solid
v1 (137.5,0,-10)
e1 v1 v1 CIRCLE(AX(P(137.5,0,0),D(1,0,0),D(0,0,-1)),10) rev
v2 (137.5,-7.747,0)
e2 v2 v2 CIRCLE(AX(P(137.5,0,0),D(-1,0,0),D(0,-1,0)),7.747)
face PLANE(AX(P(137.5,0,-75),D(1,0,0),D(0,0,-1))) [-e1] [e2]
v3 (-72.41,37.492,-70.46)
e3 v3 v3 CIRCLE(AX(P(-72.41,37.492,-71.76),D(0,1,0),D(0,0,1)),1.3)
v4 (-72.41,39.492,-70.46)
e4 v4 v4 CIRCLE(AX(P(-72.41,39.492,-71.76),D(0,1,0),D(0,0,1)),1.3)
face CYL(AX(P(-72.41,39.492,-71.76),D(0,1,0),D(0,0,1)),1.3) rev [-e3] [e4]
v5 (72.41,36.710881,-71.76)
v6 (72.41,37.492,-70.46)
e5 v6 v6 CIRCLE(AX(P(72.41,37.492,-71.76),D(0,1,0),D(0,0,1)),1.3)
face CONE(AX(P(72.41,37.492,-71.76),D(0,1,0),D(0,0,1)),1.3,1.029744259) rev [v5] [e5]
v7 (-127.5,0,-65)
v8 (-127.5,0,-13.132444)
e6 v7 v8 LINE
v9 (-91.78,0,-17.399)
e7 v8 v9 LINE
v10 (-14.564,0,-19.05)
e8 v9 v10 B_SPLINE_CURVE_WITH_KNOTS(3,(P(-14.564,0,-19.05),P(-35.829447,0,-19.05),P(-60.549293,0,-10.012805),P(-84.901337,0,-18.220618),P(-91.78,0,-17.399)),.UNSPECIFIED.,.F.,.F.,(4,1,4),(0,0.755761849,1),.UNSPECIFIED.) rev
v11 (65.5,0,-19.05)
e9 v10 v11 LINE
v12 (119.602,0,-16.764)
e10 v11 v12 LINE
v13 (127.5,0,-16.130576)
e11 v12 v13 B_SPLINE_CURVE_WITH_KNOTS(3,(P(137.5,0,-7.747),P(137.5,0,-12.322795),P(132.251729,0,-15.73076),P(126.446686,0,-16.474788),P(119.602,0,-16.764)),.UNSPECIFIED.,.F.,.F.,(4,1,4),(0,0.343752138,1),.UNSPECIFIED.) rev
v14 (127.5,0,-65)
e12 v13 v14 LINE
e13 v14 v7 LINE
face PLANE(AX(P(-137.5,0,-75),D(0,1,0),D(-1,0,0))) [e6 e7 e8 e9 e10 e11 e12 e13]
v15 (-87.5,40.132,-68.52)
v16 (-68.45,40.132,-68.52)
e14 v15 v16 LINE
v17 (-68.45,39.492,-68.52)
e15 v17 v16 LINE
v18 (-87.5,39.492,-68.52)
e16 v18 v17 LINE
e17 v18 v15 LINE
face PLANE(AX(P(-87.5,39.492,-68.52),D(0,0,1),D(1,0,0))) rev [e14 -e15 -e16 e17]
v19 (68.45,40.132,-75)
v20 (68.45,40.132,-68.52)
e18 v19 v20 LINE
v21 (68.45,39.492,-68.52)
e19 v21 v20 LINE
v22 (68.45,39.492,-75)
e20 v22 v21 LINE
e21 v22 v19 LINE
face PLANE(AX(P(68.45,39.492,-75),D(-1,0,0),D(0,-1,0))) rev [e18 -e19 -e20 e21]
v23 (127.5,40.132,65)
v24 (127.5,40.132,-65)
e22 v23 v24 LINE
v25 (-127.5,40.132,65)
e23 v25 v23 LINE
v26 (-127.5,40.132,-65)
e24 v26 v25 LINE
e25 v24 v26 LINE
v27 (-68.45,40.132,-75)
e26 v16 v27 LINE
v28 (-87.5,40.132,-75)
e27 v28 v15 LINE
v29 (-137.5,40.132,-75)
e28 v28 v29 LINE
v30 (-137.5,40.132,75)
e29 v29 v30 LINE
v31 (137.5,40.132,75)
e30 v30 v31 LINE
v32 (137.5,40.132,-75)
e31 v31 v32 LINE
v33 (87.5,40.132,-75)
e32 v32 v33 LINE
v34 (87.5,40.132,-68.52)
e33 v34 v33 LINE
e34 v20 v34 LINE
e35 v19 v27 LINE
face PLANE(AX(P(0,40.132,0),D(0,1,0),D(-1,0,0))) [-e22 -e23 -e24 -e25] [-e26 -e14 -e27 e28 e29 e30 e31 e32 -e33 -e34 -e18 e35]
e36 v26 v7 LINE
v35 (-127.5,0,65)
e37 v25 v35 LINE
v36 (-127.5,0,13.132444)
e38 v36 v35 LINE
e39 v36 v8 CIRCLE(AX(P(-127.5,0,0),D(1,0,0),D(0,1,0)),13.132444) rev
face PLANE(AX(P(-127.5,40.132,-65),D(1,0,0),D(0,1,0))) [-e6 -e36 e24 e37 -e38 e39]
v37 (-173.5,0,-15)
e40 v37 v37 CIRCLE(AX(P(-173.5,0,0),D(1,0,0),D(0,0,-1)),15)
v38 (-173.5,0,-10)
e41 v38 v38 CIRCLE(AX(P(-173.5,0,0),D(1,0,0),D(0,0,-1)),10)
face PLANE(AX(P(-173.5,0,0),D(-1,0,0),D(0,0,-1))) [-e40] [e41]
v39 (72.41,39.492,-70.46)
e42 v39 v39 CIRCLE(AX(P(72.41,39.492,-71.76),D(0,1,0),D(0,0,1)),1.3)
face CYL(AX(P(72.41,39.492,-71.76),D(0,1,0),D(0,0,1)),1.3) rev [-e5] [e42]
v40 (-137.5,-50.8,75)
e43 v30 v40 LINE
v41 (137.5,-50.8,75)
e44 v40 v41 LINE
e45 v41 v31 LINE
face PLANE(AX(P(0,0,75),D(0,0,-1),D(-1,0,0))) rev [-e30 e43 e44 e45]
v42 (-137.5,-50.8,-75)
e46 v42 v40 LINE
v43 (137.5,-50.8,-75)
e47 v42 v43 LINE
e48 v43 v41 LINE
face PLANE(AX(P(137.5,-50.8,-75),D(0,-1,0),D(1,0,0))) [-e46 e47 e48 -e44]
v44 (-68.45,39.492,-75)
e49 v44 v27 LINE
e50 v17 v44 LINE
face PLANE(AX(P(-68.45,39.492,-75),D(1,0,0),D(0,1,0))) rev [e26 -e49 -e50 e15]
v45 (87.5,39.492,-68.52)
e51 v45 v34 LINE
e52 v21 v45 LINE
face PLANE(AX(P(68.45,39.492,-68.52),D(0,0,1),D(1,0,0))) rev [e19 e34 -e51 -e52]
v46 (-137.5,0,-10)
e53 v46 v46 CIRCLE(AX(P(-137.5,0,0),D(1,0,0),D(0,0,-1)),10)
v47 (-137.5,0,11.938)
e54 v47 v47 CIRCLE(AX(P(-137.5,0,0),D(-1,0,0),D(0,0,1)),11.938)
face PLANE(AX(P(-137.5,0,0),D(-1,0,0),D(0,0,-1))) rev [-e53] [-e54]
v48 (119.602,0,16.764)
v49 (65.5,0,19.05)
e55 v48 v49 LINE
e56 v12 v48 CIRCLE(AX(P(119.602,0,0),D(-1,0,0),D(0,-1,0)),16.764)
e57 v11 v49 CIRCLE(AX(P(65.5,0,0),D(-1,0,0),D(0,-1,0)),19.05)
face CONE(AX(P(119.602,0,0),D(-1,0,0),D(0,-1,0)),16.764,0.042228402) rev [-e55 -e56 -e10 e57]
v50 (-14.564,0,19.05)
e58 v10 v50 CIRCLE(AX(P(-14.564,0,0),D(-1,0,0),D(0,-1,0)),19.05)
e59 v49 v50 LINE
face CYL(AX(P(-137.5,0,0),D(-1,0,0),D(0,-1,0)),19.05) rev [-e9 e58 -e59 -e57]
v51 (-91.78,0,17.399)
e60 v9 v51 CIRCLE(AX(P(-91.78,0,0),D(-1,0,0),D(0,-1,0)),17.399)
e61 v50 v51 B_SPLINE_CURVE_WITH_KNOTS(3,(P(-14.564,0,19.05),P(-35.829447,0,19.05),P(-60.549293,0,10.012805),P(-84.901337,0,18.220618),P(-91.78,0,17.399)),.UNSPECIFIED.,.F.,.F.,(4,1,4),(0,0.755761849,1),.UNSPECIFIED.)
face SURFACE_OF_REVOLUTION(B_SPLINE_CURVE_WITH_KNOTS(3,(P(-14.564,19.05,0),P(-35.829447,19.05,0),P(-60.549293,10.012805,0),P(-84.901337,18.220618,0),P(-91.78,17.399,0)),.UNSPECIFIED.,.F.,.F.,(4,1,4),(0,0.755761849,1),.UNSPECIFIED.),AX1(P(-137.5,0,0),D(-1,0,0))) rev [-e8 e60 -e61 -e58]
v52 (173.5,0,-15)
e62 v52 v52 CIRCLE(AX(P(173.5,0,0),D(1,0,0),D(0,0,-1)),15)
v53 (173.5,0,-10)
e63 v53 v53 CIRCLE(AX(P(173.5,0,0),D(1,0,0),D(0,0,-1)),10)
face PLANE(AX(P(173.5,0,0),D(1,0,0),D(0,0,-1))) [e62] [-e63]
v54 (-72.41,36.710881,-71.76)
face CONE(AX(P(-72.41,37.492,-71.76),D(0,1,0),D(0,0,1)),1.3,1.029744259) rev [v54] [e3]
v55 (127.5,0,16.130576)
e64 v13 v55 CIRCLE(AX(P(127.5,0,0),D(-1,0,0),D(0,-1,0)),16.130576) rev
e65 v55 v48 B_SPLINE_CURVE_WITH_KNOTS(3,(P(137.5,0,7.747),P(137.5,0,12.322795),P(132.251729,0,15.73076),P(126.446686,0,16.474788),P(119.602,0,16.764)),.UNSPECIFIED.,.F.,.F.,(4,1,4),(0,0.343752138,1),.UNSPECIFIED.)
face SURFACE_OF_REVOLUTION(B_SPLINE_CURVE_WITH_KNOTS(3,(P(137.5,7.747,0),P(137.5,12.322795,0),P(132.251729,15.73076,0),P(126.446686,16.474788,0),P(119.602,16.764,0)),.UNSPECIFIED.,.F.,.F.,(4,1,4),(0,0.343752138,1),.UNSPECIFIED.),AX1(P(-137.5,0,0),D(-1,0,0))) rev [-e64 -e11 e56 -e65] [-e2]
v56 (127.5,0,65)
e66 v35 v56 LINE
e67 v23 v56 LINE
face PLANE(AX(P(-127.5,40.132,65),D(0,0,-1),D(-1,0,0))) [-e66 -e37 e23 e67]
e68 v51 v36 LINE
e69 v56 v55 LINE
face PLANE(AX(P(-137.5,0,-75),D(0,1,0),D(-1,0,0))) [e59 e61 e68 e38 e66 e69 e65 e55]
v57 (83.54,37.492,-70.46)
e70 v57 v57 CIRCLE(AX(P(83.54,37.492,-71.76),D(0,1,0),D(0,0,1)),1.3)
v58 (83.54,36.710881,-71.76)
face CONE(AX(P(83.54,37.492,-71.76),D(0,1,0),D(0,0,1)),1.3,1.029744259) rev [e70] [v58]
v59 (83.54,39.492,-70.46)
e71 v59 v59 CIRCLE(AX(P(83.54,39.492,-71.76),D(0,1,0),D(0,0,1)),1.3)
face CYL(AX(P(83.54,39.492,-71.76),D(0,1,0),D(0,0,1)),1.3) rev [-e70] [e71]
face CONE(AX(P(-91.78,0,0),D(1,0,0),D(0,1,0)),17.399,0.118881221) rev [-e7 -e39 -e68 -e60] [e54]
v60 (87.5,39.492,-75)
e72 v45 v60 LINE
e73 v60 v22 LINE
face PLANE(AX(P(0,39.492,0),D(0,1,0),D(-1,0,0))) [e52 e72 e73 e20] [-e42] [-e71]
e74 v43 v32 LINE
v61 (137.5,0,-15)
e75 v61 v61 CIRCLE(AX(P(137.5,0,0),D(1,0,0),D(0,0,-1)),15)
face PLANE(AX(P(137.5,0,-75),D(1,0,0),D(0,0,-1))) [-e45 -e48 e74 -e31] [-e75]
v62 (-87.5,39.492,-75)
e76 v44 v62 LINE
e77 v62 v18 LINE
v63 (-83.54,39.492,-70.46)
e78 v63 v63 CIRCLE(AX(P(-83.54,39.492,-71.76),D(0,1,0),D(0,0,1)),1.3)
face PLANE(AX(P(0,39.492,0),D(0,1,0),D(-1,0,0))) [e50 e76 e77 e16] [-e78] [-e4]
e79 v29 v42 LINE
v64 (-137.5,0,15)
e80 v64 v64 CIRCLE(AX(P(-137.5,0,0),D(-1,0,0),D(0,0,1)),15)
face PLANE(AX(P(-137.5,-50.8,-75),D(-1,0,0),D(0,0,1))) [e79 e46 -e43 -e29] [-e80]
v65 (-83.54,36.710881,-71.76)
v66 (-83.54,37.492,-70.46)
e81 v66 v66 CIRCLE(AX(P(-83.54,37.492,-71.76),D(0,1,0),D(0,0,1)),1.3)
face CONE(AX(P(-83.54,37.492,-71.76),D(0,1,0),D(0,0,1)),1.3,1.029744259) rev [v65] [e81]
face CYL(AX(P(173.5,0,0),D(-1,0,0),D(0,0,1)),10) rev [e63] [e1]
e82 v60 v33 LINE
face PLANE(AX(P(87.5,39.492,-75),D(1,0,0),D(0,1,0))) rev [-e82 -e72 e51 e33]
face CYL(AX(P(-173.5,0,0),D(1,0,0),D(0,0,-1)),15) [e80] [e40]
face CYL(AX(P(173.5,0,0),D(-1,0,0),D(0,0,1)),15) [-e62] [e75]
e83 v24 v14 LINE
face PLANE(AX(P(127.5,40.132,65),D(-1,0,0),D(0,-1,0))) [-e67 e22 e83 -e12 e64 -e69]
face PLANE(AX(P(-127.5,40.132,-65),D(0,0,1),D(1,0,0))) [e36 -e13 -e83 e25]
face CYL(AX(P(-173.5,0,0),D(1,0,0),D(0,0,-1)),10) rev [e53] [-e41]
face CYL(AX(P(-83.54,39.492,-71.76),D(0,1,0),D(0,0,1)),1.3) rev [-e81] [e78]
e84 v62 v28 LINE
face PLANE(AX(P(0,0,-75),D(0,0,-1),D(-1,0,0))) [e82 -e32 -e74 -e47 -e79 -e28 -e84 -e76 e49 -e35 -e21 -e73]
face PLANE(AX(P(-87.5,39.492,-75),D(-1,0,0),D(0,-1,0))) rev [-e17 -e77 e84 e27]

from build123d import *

# Parameters (mm, degrees)
BOSS_EXTRUDE1_DEPTH      = 75
BOSS_EXTRUDE1_DEPTH_BACK = 75
SKETCH2_W                = 275
SKETCH2_H                = 50.8
SKETCH4_W                = 275
SKETCH4_H                = 150
SKETCH4_W_2              = 255
SKETCH4_H_2              = 130
BOSS_EXTRUDE4_DEPTH      = 40.132
SKETCH3_R                = 15
SKETCH3_R_2              = 10
BOSS_EXTRUDE2_DEPTH      = 36
SKETCH5_W                = 19.05
SKETCH5_H                = 6.48
CUT_EXTRUDE1_DEPTH       = 0.64
M2_CLEARANCE_HOLE1_D     = 2.6
M2_CLEARANCE_HOLE1_DEPTH = 2
M2_CLEARANCE_HOLE1_TIP   = 0.781118805


with BuildPart() as part:
    # Sketch2 → Boss-Extrude1 (new, two sides: drawn at the far end of the back side and taken through both)
    with BuildSketch(Plane.XY.offset(-BOSS_EXTRUDE1_DEPTH_BACK)):
        with Locations((0, -25.4)):
            Rectangle(SKETCH2_W, SKETCH2_H)
    extrude(amount=BOSS_EXTRUDE1_DEPTH + BOSS_EXTRUDE1_DEPTH_BACK)

    # Sketch4 → Boss-Extrude4 (add)
    with BuildSketch(Plane(origin=(0, 0, 0), x_dir=(1, 0, 0), z_dir=(0, 1, 0))):
        Rectangle(SKETCH4_W, SKETCH4_H)
        Rectangle(SKETCH4_W_2, SKETCH4_H_2, mode=Mode.SUBTRACT)
    extrude(amount=BOSS_EXTRUDE4_DEPTH)

    # Sketch1 → Cut-Revolve1 (revolve, cut)
    with BuildSketch(Plane.XY):
        with BuildLine():
            Line((-137.5, 0), (137.5, 0))
            Line((137.5, 0), (137.5, 7.747))
            add(Edge.make_bspline(
                [(119.602, 16.764), (126.446685513, 16.474787936), (132.251729161, 15.730759902), (137.5, 12.322795174), (137.5, 7.747)],
                knots=[0, 0, 0, 0, 0.656247862, 1, 1, 1, 1], degree=3))
            Line((119.602, 16.764), (65.5, 19.05))
            Line((65.5, 19.05), (-14.564, 19.05))
            add(Edge.make_bspline(
                [(-91.78, 17.399), (-84.901336541, 18.220618135), (-60.549292723, 10.012805319), (-35.82944709, 19.05), (-14.564, 19.05)],
                knots=[0, 0, 0, 0, 0.244238151, 1, 1, 1, 1], degree=3))
            Line((-91.78, 17.399), (-137.5, 11.938))
            Line((-137.5, 11.938), (-137.5, 0))
        make_face()
    revolve(axis=Axis((-137.5, 0, 0), (1, 0, 0)), mode=Mode.SUBTRACT)

    # Sketch3 → Boss-Extrude2 (add)
    with BuildSketch(Plane(origin=(137.5, 0, 0), x_dir=(0, 0, -1), z_dir=(1, 0, 0))):
        Circle(SKETCH3_R)
        Circle(SKETCH3_R_2, mode=Mode.SUBTRACT)
    boss_extrude2 = extrude(amount=BOSS_EXTRUDE2_DEPTH)

    # Mirror1: Boss-Extrude2 across plane
    add(boss_extrude2.mirror(Plane(origin=(0, 0, 0), x_dir=(0, 0, 1), z_dir=(1, 0, 0))))

    # Sketch5 → Cut-Extrude1 (cut)
    with BuildSketch(Plane(origin=(0, 40.132, 0), x_dir=(1, 0, 0), z_dir=(0, 1, 0))):
        with Locations((-77.975, 71.76)):
            Rectangle(SKETCH5_W, SKETCH5_H)
        with Locations((77.975, 71.76)):
            Rectangle(SKETCH5_W, SKETCH5_H)
    extrude(amount=-CUT_EXTRUDE1_DEPTH, mode=Mode.SUBTRACT)

    # M2 Clearance Hole1
    with Locations(Plane(origin=(0, 39.492, 0), x_dir=(1, 0, 0), z_dir=(0, 1, 0))):
        with Locations((-83.54, 71.76), (-72.41, 71.76), (72.41, 71.76), (83.54, 71.76)):
            Hole(M2_CLEARANCE_HOLE1_D / 2, depth=M2_CLEARANCE_HOLE1_DEPTH)
            with Locations((0, 0, -(M2_CLEARANCE_HOLE1_DEPTH + M2_CLEARANCE_HOLE1_TIP / 2))):  # 118° drill point
                Cone(0, M2_CLEARANCE_HOLE1_D / 2, M2_CLEARANCE_HOLE1_TIP, mode=Mode.SUBTRACT)


solid = part.part
